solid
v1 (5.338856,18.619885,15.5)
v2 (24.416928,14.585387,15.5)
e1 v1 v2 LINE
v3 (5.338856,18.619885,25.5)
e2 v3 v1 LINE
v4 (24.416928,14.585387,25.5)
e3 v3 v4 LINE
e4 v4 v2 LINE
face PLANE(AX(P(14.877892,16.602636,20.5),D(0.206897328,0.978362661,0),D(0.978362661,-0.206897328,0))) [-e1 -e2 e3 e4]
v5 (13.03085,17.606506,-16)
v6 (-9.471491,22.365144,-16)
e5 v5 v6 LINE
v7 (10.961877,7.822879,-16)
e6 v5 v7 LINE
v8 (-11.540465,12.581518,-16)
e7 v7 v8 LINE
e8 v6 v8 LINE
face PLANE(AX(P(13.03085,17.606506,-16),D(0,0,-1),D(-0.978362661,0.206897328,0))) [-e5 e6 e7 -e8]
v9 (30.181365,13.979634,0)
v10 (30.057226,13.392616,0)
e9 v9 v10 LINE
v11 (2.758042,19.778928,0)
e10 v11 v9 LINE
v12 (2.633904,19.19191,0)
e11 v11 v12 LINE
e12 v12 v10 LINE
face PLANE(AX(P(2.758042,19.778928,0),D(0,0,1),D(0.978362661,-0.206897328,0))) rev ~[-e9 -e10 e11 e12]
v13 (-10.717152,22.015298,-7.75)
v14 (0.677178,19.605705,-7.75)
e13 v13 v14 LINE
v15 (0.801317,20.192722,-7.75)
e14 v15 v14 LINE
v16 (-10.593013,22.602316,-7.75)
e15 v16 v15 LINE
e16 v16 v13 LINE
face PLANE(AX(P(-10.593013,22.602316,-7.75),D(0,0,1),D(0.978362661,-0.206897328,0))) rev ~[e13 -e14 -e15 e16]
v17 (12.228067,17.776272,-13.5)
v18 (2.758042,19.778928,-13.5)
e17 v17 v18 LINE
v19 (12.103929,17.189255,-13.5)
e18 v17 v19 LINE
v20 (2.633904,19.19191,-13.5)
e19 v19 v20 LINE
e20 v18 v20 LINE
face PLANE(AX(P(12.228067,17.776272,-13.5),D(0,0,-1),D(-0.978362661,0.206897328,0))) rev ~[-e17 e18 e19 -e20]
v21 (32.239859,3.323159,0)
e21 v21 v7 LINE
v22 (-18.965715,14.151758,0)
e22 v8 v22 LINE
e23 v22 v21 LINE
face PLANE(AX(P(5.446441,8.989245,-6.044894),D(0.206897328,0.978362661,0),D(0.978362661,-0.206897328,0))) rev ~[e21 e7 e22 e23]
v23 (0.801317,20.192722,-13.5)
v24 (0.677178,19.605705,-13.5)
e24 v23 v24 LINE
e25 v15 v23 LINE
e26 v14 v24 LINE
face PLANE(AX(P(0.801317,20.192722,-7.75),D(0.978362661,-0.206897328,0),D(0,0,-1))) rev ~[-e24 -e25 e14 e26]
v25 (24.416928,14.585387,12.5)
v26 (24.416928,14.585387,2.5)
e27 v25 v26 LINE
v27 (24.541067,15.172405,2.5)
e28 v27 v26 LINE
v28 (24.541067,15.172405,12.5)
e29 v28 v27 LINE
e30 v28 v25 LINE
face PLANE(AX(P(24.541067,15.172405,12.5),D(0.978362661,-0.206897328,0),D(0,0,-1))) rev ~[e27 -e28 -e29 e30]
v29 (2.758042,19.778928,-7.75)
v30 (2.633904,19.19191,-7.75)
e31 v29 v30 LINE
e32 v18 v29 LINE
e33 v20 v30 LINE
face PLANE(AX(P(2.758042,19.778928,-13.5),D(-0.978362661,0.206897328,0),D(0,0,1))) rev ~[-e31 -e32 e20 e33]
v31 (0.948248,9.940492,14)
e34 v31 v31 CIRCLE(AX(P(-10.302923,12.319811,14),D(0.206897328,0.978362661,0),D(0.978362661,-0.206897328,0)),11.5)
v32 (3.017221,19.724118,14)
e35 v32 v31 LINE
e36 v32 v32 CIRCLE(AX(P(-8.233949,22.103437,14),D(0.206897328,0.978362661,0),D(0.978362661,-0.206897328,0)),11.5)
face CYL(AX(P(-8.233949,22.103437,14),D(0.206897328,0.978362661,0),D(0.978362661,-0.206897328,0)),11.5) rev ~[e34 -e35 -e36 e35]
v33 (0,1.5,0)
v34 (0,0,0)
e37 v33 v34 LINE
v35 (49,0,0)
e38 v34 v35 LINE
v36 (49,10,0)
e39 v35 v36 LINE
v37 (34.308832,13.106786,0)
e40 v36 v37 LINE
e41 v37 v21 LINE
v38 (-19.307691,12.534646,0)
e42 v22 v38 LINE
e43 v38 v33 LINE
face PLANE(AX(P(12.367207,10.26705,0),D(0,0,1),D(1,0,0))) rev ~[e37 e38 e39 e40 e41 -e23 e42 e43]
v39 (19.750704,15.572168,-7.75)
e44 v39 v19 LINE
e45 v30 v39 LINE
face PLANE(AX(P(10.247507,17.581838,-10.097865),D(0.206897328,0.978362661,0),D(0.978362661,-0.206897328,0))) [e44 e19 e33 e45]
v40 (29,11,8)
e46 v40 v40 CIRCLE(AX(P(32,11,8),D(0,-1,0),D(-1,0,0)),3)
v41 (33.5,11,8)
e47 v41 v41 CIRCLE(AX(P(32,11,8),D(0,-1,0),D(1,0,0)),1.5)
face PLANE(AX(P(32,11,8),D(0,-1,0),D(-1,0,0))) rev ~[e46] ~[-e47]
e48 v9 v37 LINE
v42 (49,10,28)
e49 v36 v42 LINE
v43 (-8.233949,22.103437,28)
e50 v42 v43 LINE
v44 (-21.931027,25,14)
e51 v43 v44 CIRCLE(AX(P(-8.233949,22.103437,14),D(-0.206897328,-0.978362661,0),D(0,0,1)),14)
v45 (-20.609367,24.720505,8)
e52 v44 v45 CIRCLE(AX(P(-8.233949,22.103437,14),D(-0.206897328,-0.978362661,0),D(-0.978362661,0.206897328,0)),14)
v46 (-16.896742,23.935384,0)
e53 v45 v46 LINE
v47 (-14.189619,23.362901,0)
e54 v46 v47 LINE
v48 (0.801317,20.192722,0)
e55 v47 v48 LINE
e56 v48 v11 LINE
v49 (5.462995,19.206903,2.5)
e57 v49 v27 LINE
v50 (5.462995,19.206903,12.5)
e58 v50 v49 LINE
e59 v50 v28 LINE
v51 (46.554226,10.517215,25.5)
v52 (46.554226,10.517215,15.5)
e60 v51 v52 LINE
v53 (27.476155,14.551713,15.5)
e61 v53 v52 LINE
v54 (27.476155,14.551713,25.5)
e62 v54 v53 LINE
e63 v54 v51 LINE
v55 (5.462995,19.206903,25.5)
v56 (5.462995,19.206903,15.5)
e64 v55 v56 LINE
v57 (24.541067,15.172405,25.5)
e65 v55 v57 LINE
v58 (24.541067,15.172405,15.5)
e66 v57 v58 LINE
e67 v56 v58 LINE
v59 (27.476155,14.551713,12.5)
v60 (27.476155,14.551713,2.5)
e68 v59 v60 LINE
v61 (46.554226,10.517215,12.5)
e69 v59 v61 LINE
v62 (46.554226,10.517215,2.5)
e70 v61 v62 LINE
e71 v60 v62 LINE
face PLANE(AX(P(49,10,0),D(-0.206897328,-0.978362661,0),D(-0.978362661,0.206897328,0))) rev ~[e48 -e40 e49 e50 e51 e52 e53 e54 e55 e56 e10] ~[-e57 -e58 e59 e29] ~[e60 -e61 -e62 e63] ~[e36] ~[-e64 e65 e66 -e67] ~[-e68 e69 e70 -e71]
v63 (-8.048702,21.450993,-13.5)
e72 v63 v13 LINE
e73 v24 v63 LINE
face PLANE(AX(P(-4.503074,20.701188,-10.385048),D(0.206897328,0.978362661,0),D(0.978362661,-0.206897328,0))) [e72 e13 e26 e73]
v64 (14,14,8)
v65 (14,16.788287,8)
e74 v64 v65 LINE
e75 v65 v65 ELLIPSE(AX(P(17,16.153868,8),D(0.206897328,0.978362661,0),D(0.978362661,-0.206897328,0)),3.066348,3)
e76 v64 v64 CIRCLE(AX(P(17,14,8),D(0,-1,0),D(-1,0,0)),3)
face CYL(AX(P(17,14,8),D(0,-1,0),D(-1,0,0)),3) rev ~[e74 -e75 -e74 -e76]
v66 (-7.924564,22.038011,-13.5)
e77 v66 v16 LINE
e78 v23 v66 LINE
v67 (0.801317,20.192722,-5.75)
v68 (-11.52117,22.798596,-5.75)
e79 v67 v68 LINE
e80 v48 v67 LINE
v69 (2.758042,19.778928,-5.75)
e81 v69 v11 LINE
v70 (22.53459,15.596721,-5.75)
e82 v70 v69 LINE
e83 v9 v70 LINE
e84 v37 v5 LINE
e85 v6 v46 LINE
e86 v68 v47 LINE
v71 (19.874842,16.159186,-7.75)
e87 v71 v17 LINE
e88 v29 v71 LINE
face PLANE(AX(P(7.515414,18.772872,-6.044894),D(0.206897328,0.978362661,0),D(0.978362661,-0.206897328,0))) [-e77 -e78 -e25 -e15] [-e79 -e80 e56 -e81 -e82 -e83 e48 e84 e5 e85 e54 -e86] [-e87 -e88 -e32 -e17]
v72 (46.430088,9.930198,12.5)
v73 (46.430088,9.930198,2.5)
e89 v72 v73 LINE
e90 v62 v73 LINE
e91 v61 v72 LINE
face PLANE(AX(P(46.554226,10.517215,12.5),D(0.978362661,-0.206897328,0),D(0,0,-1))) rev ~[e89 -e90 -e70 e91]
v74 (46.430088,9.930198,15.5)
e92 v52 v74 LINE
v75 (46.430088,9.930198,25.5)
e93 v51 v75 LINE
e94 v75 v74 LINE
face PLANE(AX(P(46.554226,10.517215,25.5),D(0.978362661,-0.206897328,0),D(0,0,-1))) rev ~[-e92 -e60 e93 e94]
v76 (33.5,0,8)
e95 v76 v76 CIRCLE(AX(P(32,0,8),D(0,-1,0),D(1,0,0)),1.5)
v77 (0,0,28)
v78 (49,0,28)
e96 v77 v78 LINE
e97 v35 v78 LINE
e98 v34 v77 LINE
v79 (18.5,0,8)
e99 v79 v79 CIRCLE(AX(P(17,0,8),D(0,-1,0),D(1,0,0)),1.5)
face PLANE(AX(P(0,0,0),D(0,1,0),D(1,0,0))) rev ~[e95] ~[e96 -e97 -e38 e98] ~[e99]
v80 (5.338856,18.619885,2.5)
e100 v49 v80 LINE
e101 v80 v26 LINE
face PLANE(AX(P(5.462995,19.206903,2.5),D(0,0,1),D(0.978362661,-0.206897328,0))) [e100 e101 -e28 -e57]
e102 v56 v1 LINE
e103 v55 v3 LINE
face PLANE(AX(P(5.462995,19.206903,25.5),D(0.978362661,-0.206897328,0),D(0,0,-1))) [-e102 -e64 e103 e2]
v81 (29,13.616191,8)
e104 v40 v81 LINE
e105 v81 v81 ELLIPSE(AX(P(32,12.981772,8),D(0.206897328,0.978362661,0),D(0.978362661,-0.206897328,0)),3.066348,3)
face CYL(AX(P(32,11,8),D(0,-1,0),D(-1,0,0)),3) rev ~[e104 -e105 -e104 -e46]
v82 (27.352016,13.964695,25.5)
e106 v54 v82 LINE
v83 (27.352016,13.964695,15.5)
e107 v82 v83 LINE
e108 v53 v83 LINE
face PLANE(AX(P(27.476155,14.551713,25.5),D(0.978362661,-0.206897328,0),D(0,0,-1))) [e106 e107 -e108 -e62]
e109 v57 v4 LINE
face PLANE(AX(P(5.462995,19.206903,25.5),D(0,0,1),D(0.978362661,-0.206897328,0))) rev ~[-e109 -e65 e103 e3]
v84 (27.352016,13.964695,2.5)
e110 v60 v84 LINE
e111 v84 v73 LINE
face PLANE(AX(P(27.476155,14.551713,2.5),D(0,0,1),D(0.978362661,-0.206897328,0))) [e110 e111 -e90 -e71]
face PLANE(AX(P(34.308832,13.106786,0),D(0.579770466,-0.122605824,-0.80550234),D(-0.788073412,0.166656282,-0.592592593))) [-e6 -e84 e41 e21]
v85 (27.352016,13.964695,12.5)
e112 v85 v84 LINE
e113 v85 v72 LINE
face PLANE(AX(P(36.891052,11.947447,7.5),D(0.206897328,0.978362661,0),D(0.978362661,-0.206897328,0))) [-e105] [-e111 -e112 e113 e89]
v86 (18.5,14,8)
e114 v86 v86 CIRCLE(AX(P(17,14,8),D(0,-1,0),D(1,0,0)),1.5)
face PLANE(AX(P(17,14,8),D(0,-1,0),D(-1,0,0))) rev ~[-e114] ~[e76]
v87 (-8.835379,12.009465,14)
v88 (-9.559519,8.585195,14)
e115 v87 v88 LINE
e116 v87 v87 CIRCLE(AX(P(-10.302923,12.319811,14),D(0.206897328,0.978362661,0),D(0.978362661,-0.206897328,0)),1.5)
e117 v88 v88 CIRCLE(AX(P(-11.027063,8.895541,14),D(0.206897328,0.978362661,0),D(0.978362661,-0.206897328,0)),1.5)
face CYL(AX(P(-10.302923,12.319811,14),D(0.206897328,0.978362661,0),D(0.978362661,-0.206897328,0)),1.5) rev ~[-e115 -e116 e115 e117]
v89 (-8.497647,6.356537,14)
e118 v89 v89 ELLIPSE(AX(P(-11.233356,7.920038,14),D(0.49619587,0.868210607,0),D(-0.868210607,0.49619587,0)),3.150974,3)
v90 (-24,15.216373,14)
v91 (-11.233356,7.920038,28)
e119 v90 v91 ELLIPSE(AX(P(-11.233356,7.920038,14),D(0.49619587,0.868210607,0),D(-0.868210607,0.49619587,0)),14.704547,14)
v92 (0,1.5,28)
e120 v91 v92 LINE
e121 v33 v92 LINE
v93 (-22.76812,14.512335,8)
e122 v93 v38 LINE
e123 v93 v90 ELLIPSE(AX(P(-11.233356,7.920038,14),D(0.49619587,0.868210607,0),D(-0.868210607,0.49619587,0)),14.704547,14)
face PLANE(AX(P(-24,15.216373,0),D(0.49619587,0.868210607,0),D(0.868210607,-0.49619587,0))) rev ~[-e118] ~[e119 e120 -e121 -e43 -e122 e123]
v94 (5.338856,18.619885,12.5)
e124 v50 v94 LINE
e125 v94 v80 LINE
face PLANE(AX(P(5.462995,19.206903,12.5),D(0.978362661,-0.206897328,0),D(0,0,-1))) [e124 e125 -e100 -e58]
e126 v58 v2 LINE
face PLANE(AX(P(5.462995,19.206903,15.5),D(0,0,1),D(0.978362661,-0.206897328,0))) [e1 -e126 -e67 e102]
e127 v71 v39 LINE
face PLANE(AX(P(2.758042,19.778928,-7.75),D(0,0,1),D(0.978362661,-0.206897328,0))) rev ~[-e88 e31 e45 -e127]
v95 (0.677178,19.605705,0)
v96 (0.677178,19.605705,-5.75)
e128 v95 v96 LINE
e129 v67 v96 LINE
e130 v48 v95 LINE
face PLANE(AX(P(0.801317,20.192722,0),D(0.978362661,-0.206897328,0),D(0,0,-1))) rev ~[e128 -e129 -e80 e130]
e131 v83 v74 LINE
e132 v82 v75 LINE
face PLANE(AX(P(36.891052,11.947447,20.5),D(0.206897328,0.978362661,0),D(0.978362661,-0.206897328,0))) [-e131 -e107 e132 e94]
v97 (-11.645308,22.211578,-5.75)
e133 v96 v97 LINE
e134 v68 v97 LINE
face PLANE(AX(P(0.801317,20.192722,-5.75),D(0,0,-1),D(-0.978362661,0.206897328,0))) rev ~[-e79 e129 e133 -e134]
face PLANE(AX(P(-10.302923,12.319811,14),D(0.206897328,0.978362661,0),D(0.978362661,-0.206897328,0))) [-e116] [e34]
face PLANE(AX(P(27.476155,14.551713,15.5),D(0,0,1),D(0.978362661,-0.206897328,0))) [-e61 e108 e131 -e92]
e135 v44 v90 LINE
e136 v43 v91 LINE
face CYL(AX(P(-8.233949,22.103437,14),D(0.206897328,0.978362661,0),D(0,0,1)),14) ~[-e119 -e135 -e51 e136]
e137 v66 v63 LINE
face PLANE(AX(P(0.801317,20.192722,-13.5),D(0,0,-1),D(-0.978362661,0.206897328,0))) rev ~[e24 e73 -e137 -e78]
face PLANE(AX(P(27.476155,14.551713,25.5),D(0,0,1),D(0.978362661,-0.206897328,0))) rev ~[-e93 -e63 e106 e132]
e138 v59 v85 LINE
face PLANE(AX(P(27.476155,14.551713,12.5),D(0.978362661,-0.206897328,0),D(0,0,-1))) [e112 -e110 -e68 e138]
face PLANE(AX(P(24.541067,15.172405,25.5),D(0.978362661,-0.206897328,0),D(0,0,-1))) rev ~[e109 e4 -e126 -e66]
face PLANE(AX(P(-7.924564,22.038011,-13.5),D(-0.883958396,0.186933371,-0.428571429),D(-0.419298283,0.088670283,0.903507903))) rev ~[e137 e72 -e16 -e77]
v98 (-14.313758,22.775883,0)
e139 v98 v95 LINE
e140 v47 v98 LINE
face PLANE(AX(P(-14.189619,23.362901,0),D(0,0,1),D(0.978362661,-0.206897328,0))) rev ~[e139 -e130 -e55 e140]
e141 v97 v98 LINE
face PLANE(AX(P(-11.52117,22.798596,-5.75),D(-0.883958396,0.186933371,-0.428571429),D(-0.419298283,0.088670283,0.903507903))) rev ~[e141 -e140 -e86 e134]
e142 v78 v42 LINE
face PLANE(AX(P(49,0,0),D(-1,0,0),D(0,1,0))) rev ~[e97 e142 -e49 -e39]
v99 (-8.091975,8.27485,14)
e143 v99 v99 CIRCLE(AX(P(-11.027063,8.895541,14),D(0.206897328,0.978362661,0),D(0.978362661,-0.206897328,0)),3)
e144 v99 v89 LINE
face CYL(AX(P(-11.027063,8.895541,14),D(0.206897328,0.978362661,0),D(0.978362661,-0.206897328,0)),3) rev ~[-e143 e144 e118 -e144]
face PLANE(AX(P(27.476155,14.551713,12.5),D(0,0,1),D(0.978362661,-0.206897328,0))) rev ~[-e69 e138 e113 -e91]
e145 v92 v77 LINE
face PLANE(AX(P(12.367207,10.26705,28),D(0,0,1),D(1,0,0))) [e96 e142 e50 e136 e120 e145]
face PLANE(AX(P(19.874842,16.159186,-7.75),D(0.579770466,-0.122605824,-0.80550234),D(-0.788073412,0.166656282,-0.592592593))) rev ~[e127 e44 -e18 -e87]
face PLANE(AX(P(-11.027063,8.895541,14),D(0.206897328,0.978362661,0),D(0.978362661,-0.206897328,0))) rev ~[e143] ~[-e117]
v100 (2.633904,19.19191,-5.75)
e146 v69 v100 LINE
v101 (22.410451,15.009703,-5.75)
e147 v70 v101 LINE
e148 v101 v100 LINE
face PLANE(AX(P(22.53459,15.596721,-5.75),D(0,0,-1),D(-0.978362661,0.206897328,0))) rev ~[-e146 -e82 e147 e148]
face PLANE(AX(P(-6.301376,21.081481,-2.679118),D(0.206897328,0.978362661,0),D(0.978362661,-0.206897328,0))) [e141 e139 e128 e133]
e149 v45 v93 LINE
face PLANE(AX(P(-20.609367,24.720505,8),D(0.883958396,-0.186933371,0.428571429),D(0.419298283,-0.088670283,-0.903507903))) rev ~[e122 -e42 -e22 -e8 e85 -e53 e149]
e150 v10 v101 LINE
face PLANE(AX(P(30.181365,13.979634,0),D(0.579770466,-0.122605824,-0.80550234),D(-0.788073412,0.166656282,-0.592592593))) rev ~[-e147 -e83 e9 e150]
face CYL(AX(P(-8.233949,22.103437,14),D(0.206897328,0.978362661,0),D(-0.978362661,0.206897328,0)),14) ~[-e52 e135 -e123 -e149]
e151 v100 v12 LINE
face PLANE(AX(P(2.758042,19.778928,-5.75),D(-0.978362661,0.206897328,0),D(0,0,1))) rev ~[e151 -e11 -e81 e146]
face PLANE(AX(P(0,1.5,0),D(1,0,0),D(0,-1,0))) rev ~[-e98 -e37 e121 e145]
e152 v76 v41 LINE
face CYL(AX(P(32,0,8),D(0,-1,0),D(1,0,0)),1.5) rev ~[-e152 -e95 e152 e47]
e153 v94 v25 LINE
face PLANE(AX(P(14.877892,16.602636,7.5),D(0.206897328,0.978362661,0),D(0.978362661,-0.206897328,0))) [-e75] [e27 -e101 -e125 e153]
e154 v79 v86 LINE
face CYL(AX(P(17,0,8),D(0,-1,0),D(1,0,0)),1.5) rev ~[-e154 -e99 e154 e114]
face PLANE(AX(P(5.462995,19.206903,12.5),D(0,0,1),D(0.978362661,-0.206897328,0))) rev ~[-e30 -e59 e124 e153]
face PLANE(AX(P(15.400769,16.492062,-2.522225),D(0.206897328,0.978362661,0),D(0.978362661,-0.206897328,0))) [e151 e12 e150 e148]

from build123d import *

# Parameters (mm, degrees)
BOSS_EXTRUDE1_DEPTH     = 28
BOSS_EXTRUDE2_DEPTH     = 10
CUT_EXTRUDE1_DEPTH      = 15.675439909
CUT_EXTRUDE1_DEPTH_BACK = 25.887131558
SKETCH3_R               = 11.5
CUT_EXTRUDE2_DEPTH      = 10
SKETCH4_R               = 1.5
CUT_EXTRUDE3_DEPTH      = 26
SKETCH5_W               = 19.5
SKETCH5_H               = 10
SKETCH5_RX              = 1.533173802
SKETCH5_RY              = 1.5
CUT_EXTRUDE4_DEPTH      = 0.6
CUT_EXTRUDE5_REACH      = 13
SKETCH6_R               = 3
CUT_EXTRUDE6_REACH      = 16
SKETCH7_R               = 3
CUT_EXTRUDE7_REACH      = 16.887
SKETCH8_R               = 1.5
CUT_EXTRUDE8_REACH      = 13.387
SKETCH9_R               = 3


with BuildPart() as part:
    # Sketch1 → Boss-Extrude1 (new body)
    with BuildSketch(Plane.XY):
        Polygon((0, 0), (49, 0), (49, 10), (-21.931026719, 25), (-24, 15.216373394), (0, 1.5), align=None)
    extrude(amount=BOSS_EXTRUDE1_DEPTH)

    # Sketch2 → Boss-Extrude2 (add)
    with BuildSketch(Plane(origin=(4.121724919, 19.490545356, 0), x_dir=(0.978362661, -0.206897328, 0), z_dir=(0.206897328, 0.978362661, 0))):
        Polygon((-13.893841917, 16), (-21.483308301, 0), (30.854721254, 0), (9.106158083, 16), align=None)
    extrude(amount=-BOSS_EXTRUDE2_DEPTH)

    # Sketch2<3> → Cut-Extrude1 (cut, two sides)
    with BuildSketch(Plane(origin=(4.121724919, 19.490545356, 0), x_dir=(0.978362661, -0.206897328, 0), z_dir=(0.206897328, 0.978362661, 0))) as cut_extrude1_sk:
        with BuildLine():
            ThreePointArc((-12.628930853, -28), (-22.528425788, -23.899494938), (-26.628930853, -14.000000004))
            Line((-26.628930853, -14.000000004), (-26.628930853, -28))
            Line((-26.628930853, -28), (-12.628930853, -28))
        make_face()
        with BuildLine():
            Line((-25.278041493, -8), (-21.483308301, 0))
            Line((-21.483308301, 0), (-26.628930853, 0))
            Line((-26.628930853, 0), (-26.628930853, -14.000000004))
            ThreePointArc((-26.628930853, -14.000000004), (-26.287033741, -10.924902359), (-25.278041493, -8))
        make_face()
    extrude(amount=CUT_EXTRUDE1_DEPTH, mode=Mode.SUBTRACT)
    extrude(cut_extrude1_sk.sketch, amount=-CUT_EXTRUDE1_DEPTH_BACK, mode=Mode.SUBTRACT)

    # Sketch3 → Cut-Extrude2 (cut)
    with BuildSketch(Plane(origin=(4.121724919, 19.490545356, 0), x_dir=(0.978362661, -0.206897328, 0), z_dir=(0.206897328, 0.978362661, 0))):
        with Locations((-12.628930853, -14)):
            Circle(SKETCH3_R)
    extrude(amount=-CUT_EXTRUDE2_DEPTH, mode=Mode.SUBTRACT)

    # Sketch4 → Cut-Extrude3 (cut, through all)
    with BuildSketch(Plane.XZ):
        with Locations((17, 8)):
            Circle(SKETCH4_R)
        with Locations((32, 8)):
            Circle(SKETCH4_R)
    extrude(amount=-CUT_EXTRUDE3_DEPTH, mode=Mode.SUBTRACT)

    # Sketch5 → Cut-Extrude4 (cut)
    with BuildSketch(Plane(origin=(4.121724919, 19.490545356, 0), x_dir=(0.978362661, -0.206897328, 0), z_dir=(0.206897328, 0.978362661, 0))):
        Polygon((-18.716315349, 0), (-3.393841917, 0), (-3.393841917, 5.75), (-15.988850867, 5.75), align=None)
        Polygon((-15.040167569, 7.75), (-3.393841917, 7.75), (-3.393841917, 13.5), (-12.312703087, 13.5), align=None)
        Polygon((-1.393841917, 7.75), (16.101510968, 7.75), (8.285621079, 13.5), (-1.393841917, 13.5), align=None)
        Polygon((20.870933117, 0), (23.870933117, 0), (26.635971254, 0), (18.820081364, 5.75), (-1.393841917, 5.75), (-1.393841917, 0), (1.370933117, 0), align=None)
        with Locations((11.120933117, -7.5)):
            Rectangle(SKETCH5_W, SKETCH5_H)
        with BuildLine():
            add(Edge.make_bspline(
                [(14.696263114, -8), (14.696263114, -5.401923789), (12.396502412, -6.700961894), (10.096741709, -8), (12.396502412, -9.299038106), (14.696263114, -10.598076211), (14.696263114, -8)],
                knots=[0, 0, 0, 2.094395102, 2.094395102, 4.188790205, 4.188790205, 6.283185307, 6.283185307, 6.283185307], degree=2, weights=[1, 0.5, 1, 0.5, 1, 0.5, 1]))
        make_face(mode=Mode.SUBTRACT)
        with Locations((11.120933117, -20.5)):
            Rectangle(SKETCH5_W, SKETCH5_H)
        with Locations((33.620933117, -20.5)):
            Rectangle(SKETCH5_W, SKETCH5_H)
        with Locations((33.620933117, -7.5)):
            Rectangle(SKETCH5_W, SKETCH5_H)
        with BuildLine():
            add(Edge.make_bspline(
                [(30.028001134, -8), (30.028001134, -5.401923789), (27.728240431, -6.700961894), (25.428479728, -8), (27.728240431, -9.299038106), (30.028001134, -10.598076211), (30.028001134, -8)],
                knots=[0, 0, 0, 2.094395102, 2.094395102, 4.188790205, 4.188790205, 6.283185307, 6.283185307, 6.283185307], degree=2, weights=[1, 0.5, 1, 0.5, 1, 0.5, 1]))
        make_face(mode=Mode.SUBTRACT)
        with Locations((13.163089313, -8)):
            Ellipse(SKETCH5_RX, SKETCH5_RY)
        with Locations((28.494827332, -8)):
            Ellipse(SKETCH5_RX, SKETCH5_RY)
    extrude(amount=-CUT_EXTRUDE4_DEPTH, mode=Mode.SUBTRACT)

    # Sketch6 → Cut-Extrude5 (cut, up to next)
    with BuildSketch(Plane(origin=(0, 14, 0), x_dir=(-1, 0, 0), z_dir=(0, -1, 0)), mode=Mode.PRIVATE) as cut_extrude5_sk1:
        with Locations((-17, -8)):
            Circle(SKETCH6_R)
    cut_extrude5_tool1 = extrude(cut_extrude5_sk1.sketch, amount=-CUT_EXTRUDE5_REACH, mode=Mode.PRIVATE) & part.part
    add(cut_extrude5_tool1.solids().sort_by_distance((17, 14, 8))[0], mode=Mode.SUBTRACT)

    # Sketch7 → Cut-Extrude6 (cut, up to next)
    with BuildSketch(Plane(origin=(0, 11, 0), x_dir=(-1, 0, 0), z_dir=(0, -1, 0)), mode=Mode.PRIVATE) as cut_extrude6_sk1:
        with Locations((-32, -8)):
            Circle(SKETCH7_R)
    cut_extrude6_tool1 = extrude(cut_extrude6_sk1.sketch, amount=-CUT_EXTRUDE6_REACH, mode=Mode.PRIVATE) & part.part
    add(cut_extrude6_tool1.solids().sort_by_distance((32, 11, 8))[0], mode=Mode.SUBTRACT)

    # Sketch8 → Cut-Extrude7 (cut, up to next)
    with BuildSketch(Plane(origin=(2.052751638, 9.70691875, 0), x_dir=(0.978362661, -0.206897328, 0), z_dir=(0.206897328, 0.978362661, 0)), mode=Mode.PRIVATE) as cut_extrude7_sk1:
        with Locations((-12.628930853, -14)):
            Circle(SKETCH8_R)
    cut_extrude7_tool1 = extrude(cut_extrude7_sk1.sketch, amount=-CUT_EXTRUDE7_REACH, mode=Mode.PRIVATE) & part.part
    add(cut_extrude7_tool1.solids().sort_by_distance((-10.302923, 12.319811, 14))[0], mode=Mode.SUBTRACT)

    # Sketch9 → Cut-Extrude8 (cut, up to next)
    with BuildSketch(Plane(origin=(1.328610989, 6.282649438, 0), x_dir=(0.978362661, -0.206897328, 0), z_dir=(0.206897328, 0.978362661, 0)), mode=Mode.PRIVATE) as cut_extrude8_sk1:
        with Locations((-12.628930853, -14)):
            Circle(SKETCH9_R)
    cut_extrude8_tool1 = extrude(cut_extrude8_sk1.sketch, amount=-CUT_EXTRUDE8_REACH, mode=Mode.PRIVATE) & part.part
    add(cut_extrude8_tool1.solids().sort_by_distance((-11.027063, 8.895541, 14))[0], mode=Mode.SUBTRACT)


solid = part.part
